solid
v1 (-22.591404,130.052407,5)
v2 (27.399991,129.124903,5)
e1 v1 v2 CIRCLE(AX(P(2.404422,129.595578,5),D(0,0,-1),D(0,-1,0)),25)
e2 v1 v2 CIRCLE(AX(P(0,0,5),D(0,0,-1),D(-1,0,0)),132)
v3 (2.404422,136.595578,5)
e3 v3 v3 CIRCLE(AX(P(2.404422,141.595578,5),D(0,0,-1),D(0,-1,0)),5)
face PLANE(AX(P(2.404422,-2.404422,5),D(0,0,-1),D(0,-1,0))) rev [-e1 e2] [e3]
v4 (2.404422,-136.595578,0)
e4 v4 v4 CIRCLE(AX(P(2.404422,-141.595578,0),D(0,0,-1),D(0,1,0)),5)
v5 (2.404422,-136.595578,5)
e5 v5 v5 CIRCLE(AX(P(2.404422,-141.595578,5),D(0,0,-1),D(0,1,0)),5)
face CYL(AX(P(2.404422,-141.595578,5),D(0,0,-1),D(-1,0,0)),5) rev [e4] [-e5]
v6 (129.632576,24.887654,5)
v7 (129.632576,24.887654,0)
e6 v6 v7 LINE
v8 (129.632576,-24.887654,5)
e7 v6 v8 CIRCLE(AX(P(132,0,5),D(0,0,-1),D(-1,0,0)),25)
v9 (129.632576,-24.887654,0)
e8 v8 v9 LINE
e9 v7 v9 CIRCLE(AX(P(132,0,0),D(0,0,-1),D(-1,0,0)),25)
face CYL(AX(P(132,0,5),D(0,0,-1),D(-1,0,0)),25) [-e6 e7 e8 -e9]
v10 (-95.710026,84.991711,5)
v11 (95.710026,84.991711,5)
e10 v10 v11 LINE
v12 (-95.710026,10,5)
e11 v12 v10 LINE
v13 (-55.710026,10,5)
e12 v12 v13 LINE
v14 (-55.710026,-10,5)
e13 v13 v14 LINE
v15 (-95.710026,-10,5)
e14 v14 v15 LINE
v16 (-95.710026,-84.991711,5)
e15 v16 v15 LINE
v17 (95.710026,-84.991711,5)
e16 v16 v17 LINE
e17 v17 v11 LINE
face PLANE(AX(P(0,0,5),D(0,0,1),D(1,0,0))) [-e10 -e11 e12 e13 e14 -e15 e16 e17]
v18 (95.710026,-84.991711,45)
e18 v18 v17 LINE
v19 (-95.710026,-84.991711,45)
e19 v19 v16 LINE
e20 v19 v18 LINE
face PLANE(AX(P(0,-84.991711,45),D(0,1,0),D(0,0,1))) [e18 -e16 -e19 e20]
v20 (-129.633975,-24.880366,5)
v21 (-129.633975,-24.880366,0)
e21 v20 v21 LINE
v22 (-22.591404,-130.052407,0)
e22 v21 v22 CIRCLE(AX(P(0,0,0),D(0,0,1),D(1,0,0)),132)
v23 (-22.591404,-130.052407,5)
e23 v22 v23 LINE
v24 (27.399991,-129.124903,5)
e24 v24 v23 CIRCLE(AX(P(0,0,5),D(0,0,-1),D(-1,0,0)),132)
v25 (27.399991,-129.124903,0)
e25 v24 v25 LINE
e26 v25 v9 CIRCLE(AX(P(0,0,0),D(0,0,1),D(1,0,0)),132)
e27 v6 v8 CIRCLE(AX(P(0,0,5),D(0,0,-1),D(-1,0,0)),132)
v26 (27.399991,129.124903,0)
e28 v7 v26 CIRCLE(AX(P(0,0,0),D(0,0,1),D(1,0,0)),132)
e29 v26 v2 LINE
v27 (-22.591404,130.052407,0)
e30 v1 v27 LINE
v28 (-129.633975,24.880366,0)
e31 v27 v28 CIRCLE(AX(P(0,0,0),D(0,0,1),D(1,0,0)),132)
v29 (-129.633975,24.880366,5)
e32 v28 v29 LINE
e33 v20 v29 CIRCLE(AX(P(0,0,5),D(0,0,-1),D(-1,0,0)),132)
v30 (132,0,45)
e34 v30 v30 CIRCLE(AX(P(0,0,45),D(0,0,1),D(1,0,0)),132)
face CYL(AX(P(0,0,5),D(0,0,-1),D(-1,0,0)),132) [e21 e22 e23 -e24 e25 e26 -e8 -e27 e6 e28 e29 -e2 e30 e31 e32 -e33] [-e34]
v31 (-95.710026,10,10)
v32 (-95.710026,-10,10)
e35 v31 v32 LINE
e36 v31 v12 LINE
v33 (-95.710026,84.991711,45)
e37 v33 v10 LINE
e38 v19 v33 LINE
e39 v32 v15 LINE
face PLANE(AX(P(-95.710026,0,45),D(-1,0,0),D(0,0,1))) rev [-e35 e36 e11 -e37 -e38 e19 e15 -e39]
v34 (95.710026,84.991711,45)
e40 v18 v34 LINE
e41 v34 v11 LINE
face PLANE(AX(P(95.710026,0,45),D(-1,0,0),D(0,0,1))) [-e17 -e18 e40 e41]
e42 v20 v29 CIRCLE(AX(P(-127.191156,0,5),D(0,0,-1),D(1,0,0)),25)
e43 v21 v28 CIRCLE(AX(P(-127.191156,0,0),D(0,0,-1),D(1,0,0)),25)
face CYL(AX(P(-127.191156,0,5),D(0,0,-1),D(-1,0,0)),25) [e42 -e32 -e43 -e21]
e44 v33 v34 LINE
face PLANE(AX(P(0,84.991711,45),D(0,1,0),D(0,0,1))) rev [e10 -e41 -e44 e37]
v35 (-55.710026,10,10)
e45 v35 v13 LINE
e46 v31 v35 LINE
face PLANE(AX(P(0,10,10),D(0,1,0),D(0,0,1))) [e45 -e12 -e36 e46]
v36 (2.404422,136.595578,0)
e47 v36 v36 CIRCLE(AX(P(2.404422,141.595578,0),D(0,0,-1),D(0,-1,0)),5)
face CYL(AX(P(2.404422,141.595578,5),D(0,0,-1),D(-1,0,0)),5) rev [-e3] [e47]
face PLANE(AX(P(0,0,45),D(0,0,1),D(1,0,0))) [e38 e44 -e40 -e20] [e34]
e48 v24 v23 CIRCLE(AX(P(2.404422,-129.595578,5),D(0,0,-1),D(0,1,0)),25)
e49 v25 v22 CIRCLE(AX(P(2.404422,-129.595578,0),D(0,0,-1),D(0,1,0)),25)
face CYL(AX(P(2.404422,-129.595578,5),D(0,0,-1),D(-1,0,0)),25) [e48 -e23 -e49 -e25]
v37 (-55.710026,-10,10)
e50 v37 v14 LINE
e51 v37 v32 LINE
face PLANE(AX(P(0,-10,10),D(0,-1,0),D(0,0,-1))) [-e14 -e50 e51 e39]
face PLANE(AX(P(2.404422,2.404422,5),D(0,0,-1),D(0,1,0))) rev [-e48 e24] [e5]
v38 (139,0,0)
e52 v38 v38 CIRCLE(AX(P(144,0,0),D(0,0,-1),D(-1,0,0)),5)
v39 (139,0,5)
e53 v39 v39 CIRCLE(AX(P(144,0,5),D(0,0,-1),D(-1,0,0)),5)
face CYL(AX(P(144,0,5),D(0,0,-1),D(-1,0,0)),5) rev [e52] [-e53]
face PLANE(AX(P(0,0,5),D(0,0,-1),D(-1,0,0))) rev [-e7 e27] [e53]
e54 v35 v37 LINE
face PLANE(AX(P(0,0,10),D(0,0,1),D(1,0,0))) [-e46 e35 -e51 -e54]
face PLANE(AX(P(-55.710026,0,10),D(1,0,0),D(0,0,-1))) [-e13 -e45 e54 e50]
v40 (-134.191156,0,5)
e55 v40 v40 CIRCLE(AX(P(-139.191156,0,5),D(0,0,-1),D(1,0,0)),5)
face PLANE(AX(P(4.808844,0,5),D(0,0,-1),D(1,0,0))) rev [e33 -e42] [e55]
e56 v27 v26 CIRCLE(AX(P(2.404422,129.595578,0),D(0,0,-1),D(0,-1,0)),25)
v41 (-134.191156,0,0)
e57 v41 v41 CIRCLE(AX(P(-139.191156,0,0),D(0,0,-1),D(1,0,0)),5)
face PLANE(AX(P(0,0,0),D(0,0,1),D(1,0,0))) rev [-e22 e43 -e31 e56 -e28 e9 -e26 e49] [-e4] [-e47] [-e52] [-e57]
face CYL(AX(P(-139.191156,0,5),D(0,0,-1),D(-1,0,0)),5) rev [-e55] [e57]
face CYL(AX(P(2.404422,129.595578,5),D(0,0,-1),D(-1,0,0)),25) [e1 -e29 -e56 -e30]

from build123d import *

# Parameters (mm, degrees)
SKETCH1_R           = 132
BOSS_EXTRUDE1_DEPTH = 5
SKETCH2_R           = 132
SKETCH2_R_2         = 128
BOSS_EXTRUDE2_DEPTH = 40
BOSS_EXTRUDE3_DEPTH = 40
SKETCH6_W           = 40
SKETCH6_H           = 20
BOSS_EXTRUDE5_DEPTH = 5
SKETCH7_W           = 40
SKETCH7_H           = 20
CUT_EXTRUDE1_DEPTH  = 5
SKETCH8_W           = 40
SKETCH8_H           = 10
BOSS_EXTRUDE7_DEPTH = 5
SKETCH9_R           = 5
BOSS_EXTRUDE8_DEPTH = 5
CIRPATTERN1_COUNT   = 4


with BuildPart() as part:
    # Sketch1 → Boss-Extrude1 (new body)
    with BuildSketch(Plane.XY):
        Circle(SKETCH1_R)
    extrude(amount=BOSS_EXTRUDE1_DEPTH)

    # Sketch2 → Boss-Extrude2 (add)
    with BuildSketch(Plane.XY.offset(5)):
        Circle(SKETCH2_R)
        Circle(SKETCH2_R_2, mode=Mode.SUBTRACT)
    extrude(amount=BOSS_EXTRUDE2_DEPTH)

    # Sketch3 → Boss-Extrude3 (add)
    with BuildSketch(Plane.XY.offset(5)):
        with BuildLine():
            ThreePointArc((95.710026061, 84.99171084), (0, 128), (-95.710026061, 84.99171084))
            Line((-95.710026061, 84.99171084), (95.710026061, 84.99171084))
        make_face()
        with BuildLine():
            Line((95.710026061, 84.99171084), (95.710026061, -84.99171084))
            ThreePointArc((95.710026061, -84.99171084), (119.655512484, -45.45941412), (128, 0))
            ThreePointArc((128, 0), (119.655512484, 45.45941412), (95.710026061, 84.99171084))
        make_face()
        with BuildLine():
            Line((95.710026061, -84.99171084), (-95.710026061, -84.99171084))
            ThreePointArc((-95.710026061, -84.99171084), (0, -128), (95.710026061, -84.99171084))
        make_face()
        with BuildLine():
            ThreePointArc((-95.710026061, 84.99171084), (-128, 0), (-95.710026061, -84.99171084))
            Line((-95.710026061, -84.99171084), (-95.710026061, 84.99171084))
        make_face()
    extrude(amount=BOSS_EXTRUDE3_DEPTH)

    # Sketch6 → Boss-Extrude5 (add)
    with BuildSketch(Plane.XY.offset(5)):
        with Locations((-50, 0)):
            Rectangle(SKETCH6_W, SKETCH6_H)
    extrude(amount=BOSS_EXTRUDE5_DEPTH)

    # Sketch7 → Cut-Extrude1 (cut)
    with BuildSketch(Plane.XY.offset(10)):
        with Locations((-50, 0)):
            Rectangle(SKETCH7_W, SKETCH7_H)
    extrude(amount=-CUT_EXTRUDE1_DEPTH, mode=Mode.SUBTRACT)

    # Sketch8 → Boss-Extrude7 (add)
    with BuildSketch(Plane.XY.offset(5)):
        with Locations((-75.710026061, -5)):
            Rectangle(SKETCH8_W, SKETCH8_H)
        with Locations((-75.710026061, 5)):
            Rectangle(SKETCH8_W, SKETCH8_H)
    extrude(amount=BOSS_EXTRUDE7_DEPTH)

    # Sketch9 → Boss-Extrude8 (add)
    with BuildSketch(Plane(origin=(0, 0, 0), x_dir=(-1, 0, 0), z_dir=(0, 0, -1))):
        with BuildLine():
            ThreePointArc((-129.632575758, -24.887653615), (-132, 0), (-129.632575758, 24.887653615))
            ThreePointArc((-129.632575758, 24.887653615), (-157, 0), (-129.632575758, -24.887653615))
        make_face()
        with Locations((-144, 0)):
            Circle(SKETCH9_R, mode=Mode.SUBTRACT)
    boss_extrude8 = extrude(amount=-BOSS_EXTRUDE8_DEPTH)

    # CirPattern1: Boss-Extrude8 ×4 about axis
    cirpattern1_axis = Axis((2.404422144, 0, 0), (0, 0, 1))
    for i in range(1, CIRPATTERN1_COUNT):
        add(boss_extrude8.rotate(cirpattern1_axis, i * 360 / CIRPATTERN1_COUNT))


solid = part.part
